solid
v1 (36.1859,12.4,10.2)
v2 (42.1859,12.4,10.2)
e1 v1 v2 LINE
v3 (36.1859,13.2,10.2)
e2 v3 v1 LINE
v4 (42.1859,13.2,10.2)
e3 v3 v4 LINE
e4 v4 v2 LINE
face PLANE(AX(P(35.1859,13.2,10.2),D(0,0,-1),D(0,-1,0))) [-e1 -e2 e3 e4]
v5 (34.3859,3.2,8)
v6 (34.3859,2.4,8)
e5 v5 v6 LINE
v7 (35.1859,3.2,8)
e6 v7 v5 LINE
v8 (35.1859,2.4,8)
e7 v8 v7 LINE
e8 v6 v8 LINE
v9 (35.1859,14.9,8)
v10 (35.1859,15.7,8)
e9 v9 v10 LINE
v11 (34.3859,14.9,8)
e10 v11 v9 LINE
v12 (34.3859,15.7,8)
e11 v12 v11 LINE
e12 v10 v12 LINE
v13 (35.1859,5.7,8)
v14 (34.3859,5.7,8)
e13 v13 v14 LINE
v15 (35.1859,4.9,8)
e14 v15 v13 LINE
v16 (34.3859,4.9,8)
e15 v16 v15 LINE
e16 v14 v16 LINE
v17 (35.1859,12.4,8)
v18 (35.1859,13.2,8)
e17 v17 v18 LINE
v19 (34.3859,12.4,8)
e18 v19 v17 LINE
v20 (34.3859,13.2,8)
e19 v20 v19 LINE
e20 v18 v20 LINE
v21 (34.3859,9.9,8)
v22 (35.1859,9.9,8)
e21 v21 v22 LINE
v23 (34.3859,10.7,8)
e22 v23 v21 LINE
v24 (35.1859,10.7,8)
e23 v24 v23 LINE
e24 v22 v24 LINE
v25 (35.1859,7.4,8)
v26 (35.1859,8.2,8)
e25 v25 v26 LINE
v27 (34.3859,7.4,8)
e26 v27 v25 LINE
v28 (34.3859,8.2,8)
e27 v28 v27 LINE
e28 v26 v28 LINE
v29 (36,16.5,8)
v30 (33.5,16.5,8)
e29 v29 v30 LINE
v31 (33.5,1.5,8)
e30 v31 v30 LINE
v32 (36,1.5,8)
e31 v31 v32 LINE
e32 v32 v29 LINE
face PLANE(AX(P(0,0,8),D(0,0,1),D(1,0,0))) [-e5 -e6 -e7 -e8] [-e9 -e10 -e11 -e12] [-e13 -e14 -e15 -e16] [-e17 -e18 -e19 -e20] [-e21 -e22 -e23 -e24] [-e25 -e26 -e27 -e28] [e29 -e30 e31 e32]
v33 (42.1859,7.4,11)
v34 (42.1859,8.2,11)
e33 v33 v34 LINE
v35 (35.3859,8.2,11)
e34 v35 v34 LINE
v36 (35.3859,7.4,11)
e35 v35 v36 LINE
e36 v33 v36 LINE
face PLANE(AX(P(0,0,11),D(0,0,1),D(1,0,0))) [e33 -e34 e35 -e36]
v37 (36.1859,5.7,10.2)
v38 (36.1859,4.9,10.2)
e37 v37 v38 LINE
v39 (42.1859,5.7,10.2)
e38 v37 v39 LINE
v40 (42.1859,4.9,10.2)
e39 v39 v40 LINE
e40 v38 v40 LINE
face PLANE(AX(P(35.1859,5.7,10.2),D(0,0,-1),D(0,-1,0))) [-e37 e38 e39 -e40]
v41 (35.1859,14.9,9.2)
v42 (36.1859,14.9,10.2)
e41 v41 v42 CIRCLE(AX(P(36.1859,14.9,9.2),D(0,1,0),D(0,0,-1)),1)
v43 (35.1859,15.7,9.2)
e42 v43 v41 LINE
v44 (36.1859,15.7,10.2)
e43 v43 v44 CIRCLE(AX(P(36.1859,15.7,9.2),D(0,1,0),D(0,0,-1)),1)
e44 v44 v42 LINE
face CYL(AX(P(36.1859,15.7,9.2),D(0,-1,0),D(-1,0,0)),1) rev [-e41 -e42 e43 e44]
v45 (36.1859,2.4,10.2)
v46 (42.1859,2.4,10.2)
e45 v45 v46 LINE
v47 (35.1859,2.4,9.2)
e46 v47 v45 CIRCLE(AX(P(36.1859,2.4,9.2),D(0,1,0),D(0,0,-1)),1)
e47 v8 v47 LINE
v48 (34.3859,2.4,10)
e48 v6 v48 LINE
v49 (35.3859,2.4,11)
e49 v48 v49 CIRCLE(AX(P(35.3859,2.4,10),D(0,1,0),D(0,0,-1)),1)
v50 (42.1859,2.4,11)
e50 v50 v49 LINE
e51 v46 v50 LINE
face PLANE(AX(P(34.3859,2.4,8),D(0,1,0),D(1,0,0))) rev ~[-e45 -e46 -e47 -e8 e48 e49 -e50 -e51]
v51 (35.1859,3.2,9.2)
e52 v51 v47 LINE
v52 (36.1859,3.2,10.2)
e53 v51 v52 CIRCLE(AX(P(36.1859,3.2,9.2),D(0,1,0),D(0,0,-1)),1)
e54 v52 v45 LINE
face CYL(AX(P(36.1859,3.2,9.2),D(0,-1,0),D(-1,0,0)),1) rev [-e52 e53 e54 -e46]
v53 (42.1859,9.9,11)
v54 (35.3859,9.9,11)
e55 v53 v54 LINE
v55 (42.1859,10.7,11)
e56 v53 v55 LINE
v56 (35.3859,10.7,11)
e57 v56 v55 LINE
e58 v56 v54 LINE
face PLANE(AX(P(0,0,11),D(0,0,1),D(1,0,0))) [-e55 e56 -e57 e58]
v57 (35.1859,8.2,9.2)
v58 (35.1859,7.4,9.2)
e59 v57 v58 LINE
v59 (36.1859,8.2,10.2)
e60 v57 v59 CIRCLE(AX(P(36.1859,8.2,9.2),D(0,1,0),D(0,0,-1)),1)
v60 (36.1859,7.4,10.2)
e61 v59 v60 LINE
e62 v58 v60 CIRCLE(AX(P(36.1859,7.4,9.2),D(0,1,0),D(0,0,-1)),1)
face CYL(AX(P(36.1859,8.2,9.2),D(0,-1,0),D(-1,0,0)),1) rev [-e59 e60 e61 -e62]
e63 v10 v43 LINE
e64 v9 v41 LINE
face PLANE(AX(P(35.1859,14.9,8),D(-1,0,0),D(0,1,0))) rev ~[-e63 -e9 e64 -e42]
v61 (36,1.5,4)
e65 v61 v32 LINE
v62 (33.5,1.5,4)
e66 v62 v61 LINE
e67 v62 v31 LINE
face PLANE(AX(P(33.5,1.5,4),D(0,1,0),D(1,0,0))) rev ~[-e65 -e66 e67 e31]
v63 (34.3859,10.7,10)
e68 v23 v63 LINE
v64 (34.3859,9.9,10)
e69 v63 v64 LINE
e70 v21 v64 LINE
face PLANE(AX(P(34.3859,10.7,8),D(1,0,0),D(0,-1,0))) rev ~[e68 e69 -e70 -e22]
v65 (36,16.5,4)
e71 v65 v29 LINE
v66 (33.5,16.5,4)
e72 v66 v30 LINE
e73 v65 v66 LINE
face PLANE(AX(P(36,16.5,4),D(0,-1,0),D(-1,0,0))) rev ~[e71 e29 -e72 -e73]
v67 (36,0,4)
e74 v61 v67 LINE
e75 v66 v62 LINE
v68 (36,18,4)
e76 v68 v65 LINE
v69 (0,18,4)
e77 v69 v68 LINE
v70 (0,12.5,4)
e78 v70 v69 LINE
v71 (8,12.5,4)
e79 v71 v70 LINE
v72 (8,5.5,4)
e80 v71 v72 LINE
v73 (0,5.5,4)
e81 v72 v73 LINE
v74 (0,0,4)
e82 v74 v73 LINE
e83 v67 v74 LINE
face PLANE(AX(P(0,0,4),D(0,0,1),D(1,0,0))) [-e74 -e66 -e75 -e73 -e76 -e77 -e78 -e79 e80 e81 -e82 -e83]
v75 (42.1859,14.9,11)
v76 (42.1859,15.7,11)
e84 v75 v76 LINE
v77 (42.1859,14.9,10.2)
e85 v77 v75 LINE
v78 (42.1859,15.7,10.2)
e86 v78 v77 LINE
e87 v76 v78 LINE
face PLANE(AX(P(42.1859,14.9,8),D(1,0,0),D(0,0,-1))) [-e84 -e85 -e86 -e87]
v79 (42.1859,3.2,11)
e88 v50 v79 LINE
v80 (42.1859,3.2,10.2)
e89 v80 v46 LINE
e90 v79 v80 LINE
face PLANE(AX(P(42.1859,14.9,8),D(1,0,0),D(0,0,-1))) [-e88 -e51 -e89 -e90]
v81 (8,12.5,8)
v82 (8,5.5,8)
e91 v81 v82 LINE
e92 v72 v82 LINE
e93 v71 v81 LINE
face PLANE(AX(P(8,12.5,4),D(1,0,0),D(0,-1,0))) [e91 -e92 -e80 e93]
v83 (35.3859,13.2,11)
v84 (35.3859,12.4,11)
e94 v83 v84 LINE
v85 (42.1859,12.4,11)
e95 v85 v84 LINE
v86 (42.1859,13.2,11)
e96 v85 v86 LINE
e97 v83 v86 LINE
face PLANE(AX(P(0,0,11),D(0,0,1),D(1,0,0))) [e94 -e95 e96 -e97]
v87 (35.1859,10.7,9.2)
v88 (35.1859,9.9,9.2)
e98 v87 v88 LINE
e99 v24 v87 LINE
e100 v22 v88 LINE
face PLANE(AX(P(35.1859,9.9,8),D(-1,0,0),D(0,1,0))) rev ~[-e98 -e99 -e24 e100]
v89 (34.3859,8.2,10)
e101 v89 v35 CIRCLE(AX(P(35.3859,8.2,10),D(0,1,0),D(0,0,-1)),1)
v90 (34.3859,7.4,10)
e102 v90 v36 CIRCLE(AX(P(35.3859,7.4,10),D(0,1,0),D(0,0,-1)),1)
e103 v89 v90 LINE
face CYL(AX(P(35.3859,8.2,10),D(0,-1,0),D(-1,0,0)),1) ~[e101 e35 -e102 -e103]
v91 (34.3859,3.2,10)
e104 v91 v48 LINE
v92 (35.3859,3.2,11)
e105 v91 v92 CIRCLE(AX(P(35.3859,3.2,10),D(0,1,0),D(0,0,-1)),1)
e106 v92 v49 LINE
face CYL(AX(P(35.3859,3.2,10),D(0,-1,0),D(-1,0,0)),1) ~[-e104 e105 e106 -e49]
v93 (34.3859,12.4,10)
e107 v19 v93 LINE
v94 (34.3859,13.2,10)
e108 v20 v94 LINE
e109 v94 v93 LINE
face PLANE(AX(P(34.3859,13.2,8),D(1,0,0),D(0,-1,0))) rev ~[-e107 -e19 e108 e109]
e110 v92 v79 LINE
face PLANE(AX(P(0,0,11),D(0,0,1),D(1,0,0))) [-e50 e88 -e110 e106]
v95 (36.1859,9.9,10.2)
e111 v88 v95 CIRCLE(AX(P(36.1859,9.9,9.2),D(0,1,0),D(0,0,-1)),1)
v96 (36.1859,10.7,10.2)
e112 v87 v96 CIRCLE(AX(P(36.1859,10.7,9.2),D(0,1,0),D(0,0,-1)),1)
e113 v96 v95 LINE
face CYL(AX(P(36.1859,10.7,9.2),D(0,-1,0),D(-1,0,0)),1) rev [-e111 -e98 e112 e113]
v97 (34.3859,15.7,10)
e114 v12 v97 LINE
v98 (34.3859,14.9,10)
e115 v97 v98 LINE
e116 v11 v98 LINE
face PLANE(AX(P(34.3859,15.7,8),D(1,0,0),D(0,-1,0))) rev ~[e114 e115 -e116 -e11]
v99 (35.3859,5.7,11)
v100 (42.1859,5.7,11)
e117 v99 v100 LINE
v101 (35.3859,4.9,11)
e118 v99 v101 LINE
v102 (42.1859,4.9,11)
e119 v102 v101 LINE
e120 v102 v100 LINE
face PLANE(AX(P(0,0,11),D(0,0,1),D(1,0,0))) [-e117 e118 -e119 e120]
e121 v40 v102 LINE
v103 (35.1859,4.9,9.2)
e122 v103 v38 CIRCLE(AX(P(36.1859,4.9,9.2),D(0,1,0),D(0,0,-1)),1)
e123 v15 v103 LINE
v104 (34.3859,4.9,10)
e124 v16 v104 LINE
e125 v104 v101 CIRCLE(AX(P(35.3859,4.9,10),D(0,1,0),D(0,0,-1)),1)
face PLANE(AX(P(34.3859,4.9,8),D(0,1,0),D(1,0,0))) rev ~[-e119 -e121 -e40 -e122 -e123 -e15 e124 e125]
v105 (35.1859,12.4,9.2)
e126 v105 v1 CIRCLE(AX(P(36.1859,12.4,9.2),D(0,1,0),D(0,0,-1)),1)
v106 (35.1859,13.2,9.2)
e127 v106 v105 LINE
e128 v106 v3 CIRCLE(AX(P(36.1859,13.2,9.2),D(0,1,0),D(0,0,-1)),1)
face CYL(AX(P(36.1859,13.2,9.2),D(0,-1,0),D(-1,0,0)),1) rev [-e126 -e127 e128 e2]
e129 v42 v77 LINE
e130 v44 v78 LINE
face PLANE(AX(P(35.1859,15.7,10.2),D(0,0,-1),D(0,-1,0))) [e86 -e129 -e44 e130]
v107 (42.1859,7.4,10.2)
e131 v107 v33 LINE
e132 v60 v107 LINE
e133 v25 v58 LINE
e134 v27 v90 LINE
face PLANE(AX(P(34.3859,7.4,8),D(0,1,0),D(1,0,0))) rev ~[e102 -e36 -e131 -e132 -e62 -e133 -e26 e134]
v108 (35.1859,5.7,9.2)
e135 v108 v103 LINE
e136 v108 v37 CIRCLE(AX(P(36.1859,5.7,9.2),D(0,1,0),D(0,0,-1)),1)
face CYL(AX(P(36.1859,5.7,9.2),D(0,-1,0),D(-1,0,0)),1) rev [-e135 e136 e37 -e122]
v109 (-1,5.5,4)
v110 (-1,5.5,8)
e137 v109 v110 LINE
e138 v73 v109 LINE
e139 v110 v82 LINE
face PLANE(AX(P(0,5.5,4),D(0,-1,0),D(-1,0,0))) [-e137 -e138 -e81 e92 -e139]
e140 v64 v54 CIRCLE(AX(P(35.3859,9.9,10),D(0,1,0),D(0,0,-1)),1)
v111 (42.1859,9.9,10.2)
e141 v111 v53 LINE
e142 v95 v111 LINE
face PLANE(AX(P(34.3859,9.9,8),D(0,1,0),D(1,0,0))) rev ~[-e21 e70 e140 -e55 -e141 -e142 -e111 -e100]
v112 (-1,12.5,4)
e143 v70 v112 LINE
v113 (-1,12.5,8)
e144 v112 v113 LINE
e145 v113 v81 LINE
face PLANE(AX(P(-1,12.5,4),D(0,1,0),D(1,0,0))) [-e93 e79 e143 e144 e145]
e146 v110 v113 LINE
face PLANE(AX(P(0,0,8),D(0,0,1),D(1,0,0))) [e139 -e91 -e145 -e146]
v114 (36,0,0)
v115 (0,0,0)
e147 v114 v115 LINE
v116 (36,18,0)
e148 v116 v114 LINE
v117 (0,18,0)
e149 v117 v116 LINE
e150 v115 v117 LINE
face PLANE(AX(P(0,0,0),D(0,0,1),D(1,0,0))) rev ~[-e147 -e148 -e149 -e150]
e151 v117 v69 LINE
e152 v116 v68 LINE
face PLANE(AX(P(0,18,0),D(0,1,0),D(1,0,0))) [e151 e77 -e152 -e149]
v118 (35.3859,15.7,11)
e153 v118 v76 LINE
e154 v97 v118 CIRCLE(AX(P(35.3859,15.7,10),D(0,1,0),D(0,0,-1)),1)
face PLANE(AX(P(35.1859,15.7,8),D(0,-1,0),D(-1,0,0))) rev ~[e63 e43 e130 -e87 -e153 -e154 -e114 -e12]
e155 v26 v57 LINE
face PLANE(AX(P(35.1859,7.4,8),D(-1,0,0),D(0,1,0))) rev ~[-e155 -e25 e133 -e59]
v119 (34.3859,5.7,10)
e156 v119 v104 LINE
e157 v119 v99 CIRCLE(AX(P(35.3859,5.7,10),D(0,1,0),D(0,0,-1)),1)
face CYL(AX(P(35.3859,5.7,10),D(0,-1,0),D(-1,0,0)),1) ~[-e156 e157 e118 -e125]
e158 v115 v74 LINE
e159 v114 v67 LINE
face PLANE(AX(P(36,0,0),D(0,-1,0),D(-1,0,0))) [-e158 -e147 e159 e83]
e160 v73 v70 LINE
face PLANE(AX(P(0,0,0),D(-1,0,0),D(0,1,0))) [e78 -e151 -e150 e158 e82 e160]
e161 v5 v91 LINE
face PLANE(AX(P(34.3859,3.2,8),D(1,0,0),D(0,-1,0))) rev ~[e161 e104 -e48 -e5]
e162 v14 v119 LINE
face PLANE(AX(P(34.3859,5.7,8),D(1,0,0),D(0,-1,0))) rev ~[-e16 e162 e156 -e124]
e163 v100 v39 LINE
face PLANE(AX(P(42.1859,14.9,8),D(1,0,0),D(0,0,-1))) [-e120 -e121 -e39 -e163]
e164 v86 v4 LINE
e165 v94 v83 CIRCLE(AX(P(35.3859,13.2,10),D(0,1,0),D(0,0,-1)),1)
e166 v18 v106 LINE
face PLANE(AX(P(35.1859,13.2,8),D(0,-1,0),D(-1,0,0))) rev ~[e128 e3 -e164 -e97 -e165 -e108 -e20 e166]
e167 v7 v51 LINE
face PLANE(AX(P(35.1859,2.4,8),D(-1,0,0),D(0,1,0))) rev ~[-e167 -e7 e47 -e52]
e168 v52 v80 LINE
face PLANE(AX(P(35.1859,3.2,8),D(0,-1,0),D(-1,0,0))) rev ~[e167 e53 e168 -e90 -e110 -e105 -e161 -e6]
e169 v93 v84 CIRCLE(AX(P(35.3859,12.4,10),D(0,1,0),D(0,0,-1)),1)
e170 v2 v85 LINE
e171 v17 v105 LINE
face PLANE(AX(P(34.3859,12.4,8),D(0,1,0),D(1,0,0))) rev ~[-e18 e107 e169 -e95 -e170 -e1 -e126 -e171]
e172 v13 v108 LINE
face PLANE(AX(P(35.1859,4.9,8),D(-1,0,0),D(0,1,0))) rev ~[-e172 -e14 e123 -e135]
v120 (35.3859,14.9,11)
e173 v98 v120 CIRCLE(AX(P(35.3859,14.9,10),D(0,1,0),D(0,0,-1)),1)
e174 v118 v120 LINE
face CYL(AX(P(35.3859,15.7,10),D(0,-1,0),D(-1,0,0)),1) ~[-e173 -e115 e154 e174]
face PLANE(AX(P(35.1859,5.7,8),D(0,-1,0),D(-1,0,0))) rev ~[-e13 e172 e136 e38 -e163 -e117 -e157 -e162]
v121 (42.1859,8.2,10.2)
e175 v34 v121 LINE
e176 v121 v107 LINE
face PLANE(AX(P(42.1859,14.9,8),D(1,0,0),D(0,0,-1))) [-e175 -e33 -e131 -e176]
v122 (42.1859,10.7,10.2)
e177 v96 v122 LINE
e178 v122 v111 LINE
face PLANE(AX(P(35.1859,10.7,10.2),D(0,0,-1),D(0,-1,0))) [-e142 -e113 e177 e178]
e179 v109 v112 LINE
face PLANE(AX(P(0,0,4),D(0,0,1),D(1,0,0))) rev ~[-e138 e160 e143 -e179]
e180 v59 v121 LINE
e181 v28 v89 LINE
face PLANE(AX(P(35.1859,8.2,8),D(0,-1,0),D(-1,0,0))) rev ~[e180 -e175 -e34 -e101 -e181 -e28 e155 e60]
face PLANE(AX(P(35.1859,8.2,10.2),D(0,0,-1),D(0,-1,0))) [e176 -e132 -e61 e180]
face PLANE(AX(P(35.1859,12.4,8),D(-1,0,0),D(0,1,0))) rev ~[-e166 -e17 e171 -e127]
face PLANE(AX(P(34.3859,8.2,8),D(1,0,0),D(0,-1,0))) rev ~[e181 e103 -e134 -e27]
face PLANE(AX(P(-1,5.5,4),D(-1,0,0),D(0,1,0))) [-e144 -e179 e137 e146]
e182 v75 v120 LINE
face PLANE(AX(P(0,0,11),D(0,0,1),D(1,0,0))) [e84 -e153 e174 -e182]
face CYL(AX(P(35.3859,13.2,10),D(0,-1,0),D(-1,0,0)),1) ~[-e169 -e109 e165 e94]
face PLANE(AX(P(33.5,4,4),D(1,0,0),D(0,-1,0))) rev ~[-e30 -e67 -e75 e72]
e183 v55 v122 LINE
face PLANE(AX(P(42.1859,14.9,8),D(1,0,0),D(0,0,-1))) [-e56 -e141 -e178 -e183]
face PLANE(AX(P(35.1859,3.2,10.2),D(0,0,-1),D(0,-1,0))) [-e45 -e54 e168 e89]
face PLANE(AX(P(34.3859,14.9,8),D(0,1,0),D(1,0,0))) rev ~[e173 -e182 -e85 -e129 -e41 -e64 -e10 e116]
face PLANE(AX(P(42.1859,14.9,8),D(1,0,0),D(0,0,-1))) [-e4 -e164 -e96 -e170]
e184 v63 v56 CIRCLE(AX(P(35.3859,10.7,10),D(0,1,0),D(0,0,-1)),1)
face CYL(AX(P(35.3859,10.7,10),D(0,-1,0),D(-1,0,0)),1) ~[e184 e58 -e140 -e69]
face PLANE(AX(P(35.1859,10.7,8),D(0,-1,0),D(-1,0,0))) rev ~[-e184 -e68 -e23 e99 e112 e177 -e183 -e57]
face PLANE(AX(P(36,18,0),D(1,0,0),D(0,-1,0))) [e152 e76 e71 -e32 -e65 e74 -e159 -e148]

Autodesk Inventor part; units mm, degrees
ref_plane "YZ Plane" through (0, 0, 0) normal (1, 0, 0) x (0, 1, 0)
ref_plane "XZ Plane" through (0, 0, 0) normal (0, 1, 0) x (-1, 0, 0)
ref_plane "XY Plane" through (0, 0, 0) normal (0, 0, 1) x (1, 0, 0)
sketch "Esquisse1" plane through (0, 0, 0) normal (0, 0, 1) x (1, 0, 0)
  line L0 (0, 18) -> (36, 18)
  line L1 (36, 18) -> (36, 0)
  line L2 (36, 0) -> (0, 0)
  line L3 (0, 0) -> (0, 18)
  line L4 (-7.2, 0) -> (43.2, 0) projected
  line L5 (0, -3.6) -> (0, 21.6) projected
  point P0 (0, 0)
  dimension "d0" = 18
  dimension "d1" = 36
extrude "Extrusion1" add sketch "Esquisse1" along normal blind 4
sketch "Esquisse2" plane through (0, 0, 4) normal (0, 0, 1) x (1, 0, 0)
  line L0 (-1, 12.5) -> (8, 12.5)
  line L1 (8, 12.5) -> (8, 5.5)
  line L2 (8, 5.5) -> (-1, 5.5)
  line L3 (-1, 5.5) -> (-1, 12.5)
  line L4 (0, 0) -> (36, 0) projected
  line L5 (0, 18) -> (0, 0) projected
  dimension "d4" = 7
  dimension "d5" = 9
  dimension "d6" = 5.5
  dimension "d7" = 1
extrude "Extrusion2" add sketch "Esquisse2" along normal blind 4
sketch "Esquisse3" plane through (0, 0, 4) normal (0, 0, 1) x (1, 0, 0)
  line L0 (33.5, 1.5) -> (36, 1.5)
  line L1 (36, 1.5) -> (36, 4)
  line L2 (36, 4) -> (33.5, 4)
  line L3 (33.5, 4) -> (33.5, 1.5)
  line L4 (36, 0) -> (36, 18) projected
  line L5 (33.5, 6.5) -> (33.5, 4)
  line L6 (36, 6.5) -> (33.5, 6.5)
  line L7 (36, 4) -> (36, 6.5)
  line L8 (33.5, 4) -> (36, 4)
  line L9 (33.5, 9) -> (33.5, 6.5)
  line L10 (36, 9) -> (33.5, 9)
  line L11 (36, 6.5) -> (36, 9)
  line L12 (33.5, 6.5) -> (36, 6.5)
  line L13 (33.5, 11.5) -> (33.5, 9)
  line L14 (36, 11.5) -> (33.5, 11.5)
  line L15 (36, 9) -> (36, 11.5)
  line L16 (33.5, 9) -> (36, 9)
  line L17 (33.5, 14) -> (33.5, 11.5)
  line L18 (36, 14) -> (33.5, 14)
  line L19 (36, 11.5) -> (36, 14)
  line L20 (33.5, 11.5) -> (36, 11.5)
  line L21 (33.5, 16.5) -> (33.5, 14)
  line L22 (36, 16.5) -> (33.5, 16.5)
  line L23 (36, 14) -> (36, 16.5)
  line L24 (33.5, 14) -> (36, 14)
  line L25 (0, 0) -> (36, 0) projected
  dimension "d10" = 2.5
  dimension "d11" = 2.5
  dimension "d14" = 2.5
  dimension "d19" = 1.5
extrude "Extrusion3" add sketch "Esquisse3" along normal blind 4
sketch "Esquisse4" plane through (0, 0, 8) normal (0, 0, 1) x (1, 0, 0)
  line L0 (34.3859, 2.4) -> (35.1859, 2.4)
  line L1 (35.1859, 2.4) -> (35.1859, 3.2)
  line L2 (35.1859, 3.2) -> (34.3859, 3.2)
  line L3 (34.3859, 3.2) -> (34.3859, 2.4)
  line L4 (33.5, 16.5) -> (33.5, 1.5) projected
  line L5 (34.3859, 5.7) -> (34.3859, 4.9)
  line L6 (34.3859, 4.9) -> (35.1859, 4.9)
  line L7 (35.1859, 4.9) -> (35.1859, 5.7)
  line L8 (35.1859, 5.7) -> (34.3859, 5.7)
  line L9 (34.3859, 8.2) -> (34.3859, 7.4)
  line L10 (34.3859, 7.4) -> (35.1859, 7.4)
  line L11 (35.1859, 7.4) -> (35.1859, 8.2)
  line L12 (35.1859, 8.2) -> (34.3859, 8.2)
  line L13 (34.3859, 10.7) -> (34.3859, 9.9)
  line L14 (34.3859, 9.9) -> (35.1859, 9.9)
  line L15 (35.1859, 9.9) -> (35.1859, 10.7)
  line L16 (35.1859, 10.7) -> (34.3859, 10.7)
  line L17 (34.3859, 13.2) -> (34.3859, 12.4)
  line L18 (34.3859, 12.4) -> (35.1859, 12.4)
  line L19 (35.1859, 12.4) -> (35.1859, 13.2)
  line L20 (35.1859, 13.2) -> (34.3859, 13.2)
  line L21 (34.3859, 15.7) -> (34.3859, 14.9)
  line L22 (34.3859, 14.9) -> (35.1859, 14.9)
  line L23 (35.1859, 14.9) -> (35.1859, 15.7)
  line L24 (35.1859, 15.7) -> (34.3859, 15.7)
  line L25 (33.5, 1.5) -> (36, 1.5) projected
  point P0 (0, 0)
  dimension "d22" = 0.8
  dimension "d23" = 0.8
  dimension "d26" = 2.5
  dimension "d31" = 0.9
extrude "Extrusion4" add sketch "Esquisse4" along normal blind 3
sketch "Esquisse5" plane through (35.1859, 14.9, 8) normal (1, 0, 0) x (0, 0, -1)
  line L0 (-3, 0) -> (-3, 0.8) projected
  line L1 (-3, 0.8) -> (-2.2, 0.8)
  line L2 (-2.2, 0.8) -> (-2.2, 0)
  line L3 (-2.2, 0) -> (-3, 0)
  line L4 (-3, 0) -> (-3, 0.8)
  line L5 (0, 0) -> (-3, 0) projected
  line L6 (0, -13.4) -> (0, 1.6) projected
  line L7 (-2.2, -1.7) -> (-2.2, -2.5)
  line L8 (-3, -1.7) -> (-2.2, -1.7)
  line L9 (-3, -2.5) -> (-3, -1.7)
  line L10 (-2.2, -2.5) -> (-3, -2.5)
  line L11 (-2.2, -4.2) -> (-2.2, -5)
  line L12 (-3, -4.2) -> (-2.2, -4.2)
  line L13 (-3, -5) -> (-3, -4.2)
  line L14 (-2.2, -5) -> (-3, -5)
  line L15 (-2.2, -6.7) -> (-2.2, -7.5)
  line L16 (-3, -6.7) -> (-2.2, -6.7)
  line L17 (-3, -7.5) -> (-3, -6.7)
  line L18 (-2.2, -7.5) -> (-3, -7.5)
  line L19 (-2.2, -9.2) -> (-2.2, -10)
  line L20 (-3, -9.2) -> (-2.2, -9.2)
  line L21 (-3, -10) -> (-3, -9.2)
  line L22 (-2.2, -10) -> (-3, -10)
  line L23 (-2.2, -11.7) -> (-2.2, -12.5)
  line L24 (-3, -11.7) -> (-2.2, -11.7)
  line L25 (-3, -12.5) -> (-3, -11.7)
  line L26 (-2.2, -12.5) -> (-3, -12.5)
  point P0 (8, -14.9)
  dimension "d34" = 0.8
  dimension "d37" = 2.5
extrude "Extrusion5" add sketch "Esquisse5" along normal blind 7
fillet "Congé1" radius 1 12 edges at (34.3859, 15.3, 11) (34.3859, 12.8, 11) (34.3859, 10.3, 11) (34.3859, 7.8, 11) (34.3859, 5.3, 11) (34.3859, 2.8, 11) (35.1859, 2.8, 10.2) (35.1859, 5.3, 10.2) (35.1859, 7.8, 10.2) (35.1859, 10.3, 10.2) (35.1859, 12.8, 10.2) (35.1859, 15.3, 10.2)
equation "\"d23\" = d22"
properties part number "convertisseur"
